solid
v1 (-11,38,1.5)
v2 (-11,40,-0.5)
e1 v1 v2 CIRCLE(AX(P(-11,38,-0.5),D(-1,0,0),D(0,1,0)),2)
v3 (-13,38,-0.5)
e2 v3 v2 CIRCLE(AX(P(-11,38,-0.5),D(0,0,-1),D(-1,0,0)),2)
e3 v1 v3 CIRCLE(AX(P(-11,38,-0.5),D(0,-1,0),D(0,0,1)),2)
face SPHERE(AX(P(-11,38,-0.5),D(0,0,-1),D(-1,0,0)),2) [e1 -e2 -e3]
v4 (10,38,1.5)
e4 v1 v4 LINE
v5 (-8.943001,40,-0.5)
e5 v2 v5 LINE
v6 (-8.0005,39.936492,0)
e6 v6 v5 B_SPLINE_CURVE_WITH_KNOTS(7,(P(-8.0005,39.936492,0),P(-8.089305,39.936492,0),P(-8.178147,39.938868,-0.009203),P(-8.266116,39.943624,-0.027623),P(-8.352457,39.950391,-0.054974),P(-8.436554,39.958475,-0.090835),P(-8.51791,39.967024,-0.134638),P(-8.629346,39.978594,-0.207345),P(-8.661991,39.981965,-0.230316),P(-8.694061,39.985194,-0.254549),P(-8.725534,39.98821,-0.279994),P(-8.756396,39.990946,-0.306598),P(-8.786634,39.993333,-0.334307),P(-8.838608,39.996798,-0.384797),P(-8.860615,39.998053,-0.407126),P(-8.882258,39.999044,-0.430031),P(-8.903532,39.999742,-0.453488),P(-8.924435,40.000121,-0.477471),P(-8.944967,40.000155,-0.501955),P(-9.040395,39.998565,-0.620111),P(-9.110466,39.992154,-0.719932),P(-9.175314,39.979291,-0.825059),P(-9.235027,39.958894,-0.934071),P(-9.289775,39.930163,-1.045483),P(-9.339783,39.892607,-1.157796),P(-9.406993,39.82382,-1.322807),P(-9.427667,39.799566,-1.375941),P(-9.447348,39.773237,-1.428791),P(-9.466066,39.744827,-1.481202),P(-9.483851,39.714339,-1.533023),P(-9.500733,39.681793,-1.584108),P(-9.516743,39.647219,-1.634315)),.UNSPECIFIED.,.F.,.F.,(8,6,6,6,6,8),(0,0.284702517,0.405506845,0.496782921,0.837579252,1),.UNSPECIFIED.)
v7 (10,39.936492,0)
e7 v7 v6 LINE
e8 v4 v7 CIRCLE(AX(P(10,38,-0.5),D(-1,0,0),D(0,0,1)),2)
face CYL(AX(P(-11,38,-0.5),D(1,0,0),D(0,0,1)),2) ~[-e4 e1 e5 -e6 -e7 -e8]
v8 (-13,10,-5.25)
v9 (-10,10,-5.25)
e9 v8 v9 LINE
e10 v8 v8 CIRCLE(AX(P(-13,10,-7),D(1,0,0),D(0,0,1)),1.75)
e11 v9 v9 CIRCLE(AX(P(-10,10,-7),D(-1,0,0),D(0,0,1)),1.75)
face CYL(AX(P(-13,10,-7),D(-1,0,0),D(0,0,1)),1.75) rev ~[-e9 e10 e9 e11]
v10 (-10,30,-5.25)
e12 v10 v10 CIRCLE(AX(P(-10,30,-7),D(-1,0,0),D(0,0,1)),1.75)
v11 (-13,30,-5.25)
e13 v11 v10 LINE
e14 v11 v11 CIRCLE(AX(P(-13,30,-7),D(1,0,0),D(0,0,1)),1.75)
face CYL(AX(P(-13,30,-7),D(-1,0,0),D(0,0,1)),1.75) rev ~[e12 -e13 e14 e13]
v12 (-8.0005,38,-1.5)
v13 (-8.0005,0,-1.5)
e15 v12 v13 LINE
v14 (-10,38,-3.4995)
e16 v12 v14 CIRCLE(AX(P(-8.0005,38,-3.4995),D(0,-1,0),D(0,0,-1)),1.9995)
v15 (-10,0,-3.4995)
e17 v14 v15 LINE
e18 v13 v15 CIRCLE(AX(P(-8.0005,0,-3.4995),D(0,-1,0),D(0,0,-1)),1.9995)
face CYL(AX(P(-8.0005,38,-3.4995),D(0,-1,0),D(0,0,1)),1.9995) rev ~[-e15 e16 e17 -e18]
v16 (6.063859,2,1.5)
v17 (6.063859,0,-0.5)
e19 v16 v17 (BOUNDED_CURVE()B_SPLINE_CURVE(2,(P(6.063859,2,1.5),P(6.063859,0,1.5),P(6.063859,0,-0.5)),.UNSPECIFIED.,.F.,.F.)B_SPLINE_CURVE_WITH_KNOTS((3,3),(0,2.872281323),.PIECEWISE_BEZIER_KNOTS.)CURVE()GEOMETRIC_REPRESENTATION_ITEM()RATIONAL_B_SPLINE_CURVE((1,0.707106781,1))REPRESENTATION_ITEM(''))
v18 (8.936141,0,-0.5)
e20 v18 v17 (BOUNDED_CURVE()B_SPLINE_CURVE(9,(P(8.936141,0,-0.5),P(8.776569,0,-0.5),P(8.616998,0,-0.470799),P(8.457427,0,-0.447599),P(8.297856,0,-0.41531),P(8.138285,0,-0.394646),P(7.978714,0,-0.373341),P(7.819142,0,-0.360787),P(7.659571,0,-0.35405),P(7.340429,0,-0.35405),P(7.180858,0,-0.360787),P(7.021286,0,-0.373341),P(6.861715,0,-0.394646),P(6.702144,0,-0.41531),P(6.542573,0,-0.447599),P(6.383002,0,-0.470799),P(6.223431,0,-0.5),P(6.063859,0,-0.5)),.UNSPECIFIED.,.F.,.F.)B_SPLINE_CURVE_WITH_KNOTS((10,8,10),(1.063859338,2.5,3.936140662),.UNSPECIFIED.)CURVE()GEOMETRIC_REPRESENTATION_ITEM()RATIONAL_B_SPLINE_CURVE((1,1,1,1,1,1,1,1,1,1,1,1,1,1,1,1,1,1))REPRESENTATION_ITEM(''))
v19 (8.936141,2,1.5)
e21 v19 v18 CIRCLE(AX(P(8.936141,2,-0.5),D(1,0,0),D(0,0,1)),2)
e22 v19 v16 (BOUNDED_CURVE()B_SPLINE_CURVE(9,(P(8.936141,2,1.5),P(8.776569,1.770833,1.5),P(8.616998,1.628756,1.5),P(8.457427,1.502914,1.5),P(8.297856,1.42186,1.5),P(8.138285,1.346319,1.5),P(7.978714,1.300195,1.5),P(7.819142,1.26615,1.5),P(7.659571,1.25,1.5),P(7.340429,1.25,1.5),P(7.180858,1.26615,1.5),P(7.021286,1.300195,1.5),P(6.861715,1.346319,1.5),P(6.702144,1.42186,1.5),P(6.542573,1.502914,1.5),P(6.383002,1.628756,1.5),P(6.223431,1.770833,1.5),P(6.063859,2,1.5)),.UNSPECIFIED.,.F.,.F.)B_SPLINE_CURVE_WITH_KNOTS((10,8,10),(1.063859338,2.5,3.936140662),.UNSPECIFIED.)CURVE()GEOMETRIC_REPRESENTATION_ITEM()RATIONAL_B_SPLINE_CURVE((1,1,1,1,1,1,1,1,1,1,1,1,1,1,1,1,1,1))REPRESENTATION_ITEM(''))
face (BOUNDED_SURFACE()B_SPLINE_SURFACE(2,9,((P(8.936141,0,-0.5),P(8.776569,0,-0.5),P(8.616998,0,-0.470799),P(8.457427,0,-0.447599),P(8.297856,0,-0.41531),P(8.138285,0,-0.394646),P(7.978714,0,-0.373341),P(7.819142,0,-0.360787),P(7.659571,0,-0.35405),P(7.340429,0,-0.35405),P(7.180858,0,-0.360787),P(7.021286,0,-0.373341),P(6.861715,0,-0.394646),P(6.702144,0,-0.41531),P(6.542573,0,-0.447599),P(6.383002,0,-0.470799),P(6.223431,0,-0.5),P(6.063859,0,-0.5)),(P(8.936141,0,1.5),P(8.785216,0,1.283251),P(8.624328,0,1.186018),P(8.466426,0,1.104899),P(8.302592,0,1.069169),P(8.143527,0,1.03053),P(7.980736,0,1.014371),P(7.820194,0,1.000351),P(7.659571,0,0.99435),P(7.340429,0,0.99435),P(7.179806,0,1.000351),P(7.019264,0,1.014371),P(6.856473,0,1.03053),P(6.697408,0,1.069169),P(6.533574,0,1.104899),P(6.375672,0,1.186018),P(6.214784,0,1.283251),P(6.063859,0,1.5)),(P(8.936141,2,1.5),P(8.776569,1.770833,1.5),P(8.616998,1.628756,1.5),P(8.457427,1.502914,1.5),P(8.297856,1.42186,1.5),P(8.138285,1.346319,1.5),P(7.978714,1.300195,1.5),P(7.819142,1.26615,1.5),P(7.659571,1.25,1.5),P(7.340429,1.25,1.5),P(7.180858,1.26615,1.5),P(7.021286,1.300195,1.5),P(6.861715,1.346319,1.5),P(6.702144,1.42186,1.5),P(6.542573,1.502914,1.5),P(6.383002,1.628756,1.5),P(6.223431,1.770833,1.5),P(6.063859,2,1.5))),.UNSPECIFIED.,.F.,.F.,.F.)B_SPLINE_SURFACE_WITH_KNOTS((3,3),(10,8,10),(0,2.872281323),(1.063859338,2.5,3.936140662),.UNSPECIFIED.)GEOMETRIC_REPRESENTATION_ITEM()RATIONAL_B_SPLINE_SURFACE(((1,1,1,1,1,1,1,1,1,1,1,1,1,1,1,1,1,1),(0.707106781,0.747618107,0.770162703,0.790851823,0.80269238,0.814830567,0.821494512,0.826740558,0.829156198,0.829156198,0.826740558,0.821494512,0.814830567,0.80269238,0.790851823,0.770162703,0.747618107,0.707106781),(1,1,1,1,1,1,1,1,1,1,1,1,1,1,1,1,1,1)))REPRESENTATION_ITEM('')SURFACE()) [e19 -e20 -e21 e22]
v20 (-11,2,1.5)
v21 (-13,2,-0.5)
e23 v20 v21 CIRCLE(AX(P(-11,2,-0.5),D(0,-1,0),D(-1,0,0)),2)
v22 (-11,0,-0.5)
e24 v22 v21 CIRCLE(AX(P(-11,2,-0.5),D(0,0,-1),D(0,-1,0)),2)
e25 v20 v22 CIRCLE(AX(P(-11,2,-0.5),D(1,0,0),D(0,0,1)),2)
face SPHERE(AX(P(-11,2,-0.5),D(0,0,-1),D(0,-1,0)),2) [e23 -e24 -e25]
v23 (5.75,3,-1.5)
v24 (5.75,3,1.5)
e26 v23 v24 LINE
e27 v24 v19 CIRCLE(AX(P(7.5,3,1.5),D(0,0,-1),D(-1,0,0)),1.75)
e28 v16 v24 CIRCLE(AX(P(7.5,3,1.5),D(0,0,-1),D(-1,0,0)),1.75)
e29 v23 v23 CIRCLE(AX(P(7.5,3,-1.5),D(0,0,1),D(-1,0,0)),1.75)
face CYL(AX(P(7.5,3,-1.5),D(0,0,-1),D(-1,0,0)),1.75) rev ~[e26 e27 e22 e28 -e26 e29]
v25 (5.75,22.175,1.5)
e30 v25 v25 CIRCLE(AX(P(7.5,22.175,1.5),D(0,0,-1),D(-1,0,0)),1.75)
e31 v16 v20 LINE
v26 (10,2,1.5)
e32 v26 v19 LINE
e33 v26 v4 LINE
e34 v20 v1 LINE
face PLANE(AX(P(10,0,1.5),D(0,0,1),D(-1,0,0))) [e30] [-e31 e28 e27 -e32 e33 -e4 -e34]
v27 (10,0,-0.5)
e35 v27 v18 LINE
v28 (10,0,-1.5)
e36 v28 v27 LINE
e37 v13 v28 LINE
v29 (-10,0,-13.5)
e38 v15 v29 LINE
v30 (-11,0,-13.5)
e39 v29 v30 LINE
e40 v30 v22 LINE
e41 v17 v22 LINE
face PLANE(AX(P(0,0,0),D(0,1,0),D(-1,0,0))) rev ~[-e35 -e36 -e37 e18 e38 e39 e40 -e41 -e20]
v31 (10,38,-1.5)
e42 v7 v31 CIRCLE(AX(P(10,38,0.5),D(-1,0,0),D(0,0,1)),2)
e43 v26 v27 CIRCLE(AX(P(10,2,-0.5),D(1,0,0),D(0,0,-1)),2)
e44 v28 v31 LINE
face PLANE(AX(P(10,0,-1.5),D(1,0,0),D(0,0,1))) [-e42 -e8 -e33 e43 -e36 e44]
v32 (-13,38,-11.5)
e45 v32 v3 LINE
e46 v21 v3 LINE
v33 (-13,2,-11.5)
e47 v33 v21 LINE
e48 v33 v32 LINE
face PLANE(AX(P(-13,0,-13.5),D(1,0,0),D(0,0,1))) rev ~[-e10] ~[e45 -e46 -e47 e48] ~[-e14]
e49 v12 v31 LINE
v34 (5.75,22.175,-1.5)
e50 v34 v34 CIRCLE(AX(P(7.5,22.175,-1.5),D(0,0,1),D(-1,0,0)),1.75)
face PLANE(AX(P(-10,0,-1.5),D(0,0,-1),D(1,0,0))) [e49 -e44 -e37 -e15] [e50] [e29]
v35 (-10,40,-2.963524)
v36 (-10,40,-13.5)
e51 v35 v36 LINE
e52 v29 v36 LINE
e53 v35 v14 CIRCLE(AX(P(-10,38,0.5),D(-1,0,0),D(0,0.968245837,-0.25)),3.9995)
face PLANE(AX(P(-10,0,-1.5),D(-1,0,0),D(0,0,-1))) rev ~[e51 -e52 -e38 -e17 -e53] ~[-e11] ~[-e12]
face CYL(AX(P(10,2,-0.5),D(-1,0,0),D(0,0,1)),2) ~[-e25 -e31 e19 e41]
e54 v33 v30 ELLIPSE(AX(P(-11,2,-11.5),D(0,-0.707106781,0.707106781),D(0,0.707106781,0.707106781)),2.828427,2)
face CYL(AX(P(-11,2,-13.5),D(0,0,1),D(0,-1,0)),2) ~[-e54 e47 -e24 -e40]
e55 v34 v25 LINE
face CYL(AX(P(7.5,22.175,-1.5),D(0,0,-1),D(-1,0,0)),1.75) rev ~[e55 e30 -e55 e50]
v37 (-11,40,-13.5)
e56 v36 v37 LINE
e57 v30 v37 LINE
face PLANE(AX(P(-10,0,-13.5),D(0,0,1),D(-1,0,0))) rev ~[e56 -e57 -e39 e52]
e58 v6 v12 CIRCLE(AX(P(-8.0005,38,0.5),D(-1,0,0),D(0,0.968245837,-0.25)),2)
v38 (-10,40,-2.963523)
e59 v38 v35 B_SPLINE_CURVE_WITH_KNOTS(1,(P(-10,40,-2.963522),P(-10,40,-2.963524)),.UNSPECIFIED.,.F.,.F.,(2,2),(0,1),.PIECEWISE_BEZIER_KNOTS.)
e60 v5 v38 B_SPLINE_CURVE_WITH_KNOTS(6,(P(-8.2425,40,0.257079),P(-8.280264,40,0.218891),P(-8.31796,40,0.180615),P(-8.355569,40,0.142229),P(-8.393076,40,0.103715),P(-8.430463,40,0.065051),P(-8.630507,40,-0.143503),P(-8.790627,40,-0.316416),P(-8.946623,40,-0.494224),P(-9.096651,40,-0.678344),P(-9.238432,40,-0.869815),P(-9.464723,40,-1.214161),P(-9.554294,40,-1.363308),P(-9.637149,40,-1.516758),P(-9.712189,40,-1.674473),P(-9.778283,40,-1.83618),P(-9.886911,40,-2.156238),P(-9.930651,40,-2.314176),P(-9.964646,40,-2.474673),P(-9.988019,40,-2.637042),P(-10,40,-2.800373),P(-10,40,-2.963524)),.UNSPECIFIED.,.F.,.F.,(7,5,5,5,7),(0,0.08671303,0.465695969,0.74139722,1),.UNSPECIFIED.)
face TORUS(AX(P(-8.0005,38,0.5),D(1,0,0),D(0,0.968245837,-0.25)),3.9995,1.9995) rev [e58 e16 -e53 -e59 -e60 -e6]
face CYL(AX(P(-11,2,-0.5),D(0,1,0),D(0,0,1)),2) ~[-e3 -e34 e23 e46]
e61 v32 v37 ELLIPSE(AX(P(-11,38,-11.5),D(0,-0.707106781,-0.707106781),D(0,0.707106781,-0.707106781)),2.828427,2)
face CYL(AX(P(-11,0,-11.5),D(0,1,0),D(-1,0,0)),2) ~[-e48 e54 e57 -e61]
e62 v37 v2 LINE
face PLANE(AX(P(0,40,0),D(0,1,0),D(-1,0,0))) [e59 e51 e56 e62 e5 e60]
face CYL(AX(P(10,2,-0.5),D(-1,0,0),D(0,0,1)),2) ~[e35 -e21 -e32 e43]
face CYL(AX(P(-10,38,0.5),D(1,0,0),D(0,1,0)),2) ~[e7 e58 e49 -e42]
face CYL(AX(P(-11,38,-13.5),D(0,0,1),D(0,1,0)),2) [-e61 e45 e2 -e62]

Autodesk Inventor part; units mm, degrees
ref_plane "YZ Plane" through (0, 0, 0) normal (1, 0, 0) x (0, 1, 0)
ref_plane "XZ Plane" through (0, 0, 0) normal (0, 1, 0) x (-1, 0, 0)
ref_plane "XY Plane" through (0, 0, 0) normal (0, 0, 1) x (1, 0, 0)
sketch "Sketch1" plane through (0, 0, 0) normal (0, 1, 0) x (-1, 0, 0)
  line L0 (-10, 1.5) -> (10, 1.5)
  line L1 (10, 1.5) -> (10, -1.5)
  line L2 (10, -1.5) -> (-10, -1.5)
  line L3 (-10, -1.5) -> (-10, 1.5)
  line L4 (-10, 1.5) -> (10, -1.5) construction
  line L5 (10, 1.5) -> (-10, -1.5) construction
  line L6 (10, 1.5) -> (10, -13.5)
  line L7 (10, -13.5) -> (13, -13.5)
  line L8 (13, -13.5) -> (13, 1.5)
  line L9 (13, 1.5) -> (10, 1.5)
  point P0 (0, 0)
  dimension "d0" = 20
  dimension "d1" = 3
  dimension "d2" = 15
  dimension "d3" = 3
extrude "Extrusion1" add sketch "Sketch1" along normal blind 40
sketch "Sketch2" plane through (10, 0, -1.5) normal (0, 0, -1) x (-1, 0, 0)
  line L0 (0, 0) -> (23, 0) projected
  line L1 (0, 0) -> (2.5, 0)
  line L2 (2.5, 0) -> (2.5, 3)
  line L3 (2.5, 0) -> (5.5, 0) construction
  circle A0 centre (2.5, 3) radius 1.75
  line L4 (2.5, 3) -> (2.5, 22.175)
  line L5 (2.5, 3) -> (21.675, 3) construction
  circle A1 centre (2.5, 22.175) radius 1.75
  point P0 (10, 0)
  dimension "d6" = 2.5
  dimension "d7" = 3
  dimension "d8" = 90
  dimension "d9" = 3.5
  dimension "d10" = 19.175
  dimension "d11" = 90
  dimension "d12" = 3.5
extrude "Extrusion2" cut sketch "Sketch2" against normal blind 3
fillet "Fillet1" radius 2 3 edges at (-13, 20, -13.5) (-13, 0, -6) (-13, 40, -6)
fillet "Fillet2" radius 2 4 edges at (0, 40, -1.5) (-13, 20, 1.5) (-0.5, 0, 1.5) (-0.5, 40, 1.5)
fillet "Fillet3" radius 2 2 edges at (-10, 39.2247, -1.0811) (-10, 19, -1.5)
sketch "Sketch3" plane through (-13, 2, -11.5) normal (-1, 0, 0) x (0, 0, 1)
  line L0 (-2, -2) -> (-2, 38) projected
  line L1 (-2, -2) -> (-2, 18)
  line L2 (-2, 18) -> (4.5, 18)
  line L3 (-2, -2) -> (11, -2) projected
  line L4 (4.5, 18) -> (4.5, 8)
  line L5 (4.5, 18) -> (14.5, 18) construction
  line L6 (4.5, 18) -> (4.5, 28)
  line L7 (4.5, 18) -> (14.5, 18) construction
  circle A0 centre (4.5, 8) radius 1.75
  circle A1 centre (4.5, 28) radius 1.75
  point P0 (11.5, -2)
  dimension "d18" = 10
  dimension "d19" = 90
  dimension "d20" = 6.5
  dimension "d21" = 10
  dimension "d22" = 90
  dimension "d23" = 3.5
  dimension "d24" = 3.5
extrude "Extrusion3" cut sketch "Sketch3" against normal blind 3
properties part number "Limit_Switch_Bracket"
